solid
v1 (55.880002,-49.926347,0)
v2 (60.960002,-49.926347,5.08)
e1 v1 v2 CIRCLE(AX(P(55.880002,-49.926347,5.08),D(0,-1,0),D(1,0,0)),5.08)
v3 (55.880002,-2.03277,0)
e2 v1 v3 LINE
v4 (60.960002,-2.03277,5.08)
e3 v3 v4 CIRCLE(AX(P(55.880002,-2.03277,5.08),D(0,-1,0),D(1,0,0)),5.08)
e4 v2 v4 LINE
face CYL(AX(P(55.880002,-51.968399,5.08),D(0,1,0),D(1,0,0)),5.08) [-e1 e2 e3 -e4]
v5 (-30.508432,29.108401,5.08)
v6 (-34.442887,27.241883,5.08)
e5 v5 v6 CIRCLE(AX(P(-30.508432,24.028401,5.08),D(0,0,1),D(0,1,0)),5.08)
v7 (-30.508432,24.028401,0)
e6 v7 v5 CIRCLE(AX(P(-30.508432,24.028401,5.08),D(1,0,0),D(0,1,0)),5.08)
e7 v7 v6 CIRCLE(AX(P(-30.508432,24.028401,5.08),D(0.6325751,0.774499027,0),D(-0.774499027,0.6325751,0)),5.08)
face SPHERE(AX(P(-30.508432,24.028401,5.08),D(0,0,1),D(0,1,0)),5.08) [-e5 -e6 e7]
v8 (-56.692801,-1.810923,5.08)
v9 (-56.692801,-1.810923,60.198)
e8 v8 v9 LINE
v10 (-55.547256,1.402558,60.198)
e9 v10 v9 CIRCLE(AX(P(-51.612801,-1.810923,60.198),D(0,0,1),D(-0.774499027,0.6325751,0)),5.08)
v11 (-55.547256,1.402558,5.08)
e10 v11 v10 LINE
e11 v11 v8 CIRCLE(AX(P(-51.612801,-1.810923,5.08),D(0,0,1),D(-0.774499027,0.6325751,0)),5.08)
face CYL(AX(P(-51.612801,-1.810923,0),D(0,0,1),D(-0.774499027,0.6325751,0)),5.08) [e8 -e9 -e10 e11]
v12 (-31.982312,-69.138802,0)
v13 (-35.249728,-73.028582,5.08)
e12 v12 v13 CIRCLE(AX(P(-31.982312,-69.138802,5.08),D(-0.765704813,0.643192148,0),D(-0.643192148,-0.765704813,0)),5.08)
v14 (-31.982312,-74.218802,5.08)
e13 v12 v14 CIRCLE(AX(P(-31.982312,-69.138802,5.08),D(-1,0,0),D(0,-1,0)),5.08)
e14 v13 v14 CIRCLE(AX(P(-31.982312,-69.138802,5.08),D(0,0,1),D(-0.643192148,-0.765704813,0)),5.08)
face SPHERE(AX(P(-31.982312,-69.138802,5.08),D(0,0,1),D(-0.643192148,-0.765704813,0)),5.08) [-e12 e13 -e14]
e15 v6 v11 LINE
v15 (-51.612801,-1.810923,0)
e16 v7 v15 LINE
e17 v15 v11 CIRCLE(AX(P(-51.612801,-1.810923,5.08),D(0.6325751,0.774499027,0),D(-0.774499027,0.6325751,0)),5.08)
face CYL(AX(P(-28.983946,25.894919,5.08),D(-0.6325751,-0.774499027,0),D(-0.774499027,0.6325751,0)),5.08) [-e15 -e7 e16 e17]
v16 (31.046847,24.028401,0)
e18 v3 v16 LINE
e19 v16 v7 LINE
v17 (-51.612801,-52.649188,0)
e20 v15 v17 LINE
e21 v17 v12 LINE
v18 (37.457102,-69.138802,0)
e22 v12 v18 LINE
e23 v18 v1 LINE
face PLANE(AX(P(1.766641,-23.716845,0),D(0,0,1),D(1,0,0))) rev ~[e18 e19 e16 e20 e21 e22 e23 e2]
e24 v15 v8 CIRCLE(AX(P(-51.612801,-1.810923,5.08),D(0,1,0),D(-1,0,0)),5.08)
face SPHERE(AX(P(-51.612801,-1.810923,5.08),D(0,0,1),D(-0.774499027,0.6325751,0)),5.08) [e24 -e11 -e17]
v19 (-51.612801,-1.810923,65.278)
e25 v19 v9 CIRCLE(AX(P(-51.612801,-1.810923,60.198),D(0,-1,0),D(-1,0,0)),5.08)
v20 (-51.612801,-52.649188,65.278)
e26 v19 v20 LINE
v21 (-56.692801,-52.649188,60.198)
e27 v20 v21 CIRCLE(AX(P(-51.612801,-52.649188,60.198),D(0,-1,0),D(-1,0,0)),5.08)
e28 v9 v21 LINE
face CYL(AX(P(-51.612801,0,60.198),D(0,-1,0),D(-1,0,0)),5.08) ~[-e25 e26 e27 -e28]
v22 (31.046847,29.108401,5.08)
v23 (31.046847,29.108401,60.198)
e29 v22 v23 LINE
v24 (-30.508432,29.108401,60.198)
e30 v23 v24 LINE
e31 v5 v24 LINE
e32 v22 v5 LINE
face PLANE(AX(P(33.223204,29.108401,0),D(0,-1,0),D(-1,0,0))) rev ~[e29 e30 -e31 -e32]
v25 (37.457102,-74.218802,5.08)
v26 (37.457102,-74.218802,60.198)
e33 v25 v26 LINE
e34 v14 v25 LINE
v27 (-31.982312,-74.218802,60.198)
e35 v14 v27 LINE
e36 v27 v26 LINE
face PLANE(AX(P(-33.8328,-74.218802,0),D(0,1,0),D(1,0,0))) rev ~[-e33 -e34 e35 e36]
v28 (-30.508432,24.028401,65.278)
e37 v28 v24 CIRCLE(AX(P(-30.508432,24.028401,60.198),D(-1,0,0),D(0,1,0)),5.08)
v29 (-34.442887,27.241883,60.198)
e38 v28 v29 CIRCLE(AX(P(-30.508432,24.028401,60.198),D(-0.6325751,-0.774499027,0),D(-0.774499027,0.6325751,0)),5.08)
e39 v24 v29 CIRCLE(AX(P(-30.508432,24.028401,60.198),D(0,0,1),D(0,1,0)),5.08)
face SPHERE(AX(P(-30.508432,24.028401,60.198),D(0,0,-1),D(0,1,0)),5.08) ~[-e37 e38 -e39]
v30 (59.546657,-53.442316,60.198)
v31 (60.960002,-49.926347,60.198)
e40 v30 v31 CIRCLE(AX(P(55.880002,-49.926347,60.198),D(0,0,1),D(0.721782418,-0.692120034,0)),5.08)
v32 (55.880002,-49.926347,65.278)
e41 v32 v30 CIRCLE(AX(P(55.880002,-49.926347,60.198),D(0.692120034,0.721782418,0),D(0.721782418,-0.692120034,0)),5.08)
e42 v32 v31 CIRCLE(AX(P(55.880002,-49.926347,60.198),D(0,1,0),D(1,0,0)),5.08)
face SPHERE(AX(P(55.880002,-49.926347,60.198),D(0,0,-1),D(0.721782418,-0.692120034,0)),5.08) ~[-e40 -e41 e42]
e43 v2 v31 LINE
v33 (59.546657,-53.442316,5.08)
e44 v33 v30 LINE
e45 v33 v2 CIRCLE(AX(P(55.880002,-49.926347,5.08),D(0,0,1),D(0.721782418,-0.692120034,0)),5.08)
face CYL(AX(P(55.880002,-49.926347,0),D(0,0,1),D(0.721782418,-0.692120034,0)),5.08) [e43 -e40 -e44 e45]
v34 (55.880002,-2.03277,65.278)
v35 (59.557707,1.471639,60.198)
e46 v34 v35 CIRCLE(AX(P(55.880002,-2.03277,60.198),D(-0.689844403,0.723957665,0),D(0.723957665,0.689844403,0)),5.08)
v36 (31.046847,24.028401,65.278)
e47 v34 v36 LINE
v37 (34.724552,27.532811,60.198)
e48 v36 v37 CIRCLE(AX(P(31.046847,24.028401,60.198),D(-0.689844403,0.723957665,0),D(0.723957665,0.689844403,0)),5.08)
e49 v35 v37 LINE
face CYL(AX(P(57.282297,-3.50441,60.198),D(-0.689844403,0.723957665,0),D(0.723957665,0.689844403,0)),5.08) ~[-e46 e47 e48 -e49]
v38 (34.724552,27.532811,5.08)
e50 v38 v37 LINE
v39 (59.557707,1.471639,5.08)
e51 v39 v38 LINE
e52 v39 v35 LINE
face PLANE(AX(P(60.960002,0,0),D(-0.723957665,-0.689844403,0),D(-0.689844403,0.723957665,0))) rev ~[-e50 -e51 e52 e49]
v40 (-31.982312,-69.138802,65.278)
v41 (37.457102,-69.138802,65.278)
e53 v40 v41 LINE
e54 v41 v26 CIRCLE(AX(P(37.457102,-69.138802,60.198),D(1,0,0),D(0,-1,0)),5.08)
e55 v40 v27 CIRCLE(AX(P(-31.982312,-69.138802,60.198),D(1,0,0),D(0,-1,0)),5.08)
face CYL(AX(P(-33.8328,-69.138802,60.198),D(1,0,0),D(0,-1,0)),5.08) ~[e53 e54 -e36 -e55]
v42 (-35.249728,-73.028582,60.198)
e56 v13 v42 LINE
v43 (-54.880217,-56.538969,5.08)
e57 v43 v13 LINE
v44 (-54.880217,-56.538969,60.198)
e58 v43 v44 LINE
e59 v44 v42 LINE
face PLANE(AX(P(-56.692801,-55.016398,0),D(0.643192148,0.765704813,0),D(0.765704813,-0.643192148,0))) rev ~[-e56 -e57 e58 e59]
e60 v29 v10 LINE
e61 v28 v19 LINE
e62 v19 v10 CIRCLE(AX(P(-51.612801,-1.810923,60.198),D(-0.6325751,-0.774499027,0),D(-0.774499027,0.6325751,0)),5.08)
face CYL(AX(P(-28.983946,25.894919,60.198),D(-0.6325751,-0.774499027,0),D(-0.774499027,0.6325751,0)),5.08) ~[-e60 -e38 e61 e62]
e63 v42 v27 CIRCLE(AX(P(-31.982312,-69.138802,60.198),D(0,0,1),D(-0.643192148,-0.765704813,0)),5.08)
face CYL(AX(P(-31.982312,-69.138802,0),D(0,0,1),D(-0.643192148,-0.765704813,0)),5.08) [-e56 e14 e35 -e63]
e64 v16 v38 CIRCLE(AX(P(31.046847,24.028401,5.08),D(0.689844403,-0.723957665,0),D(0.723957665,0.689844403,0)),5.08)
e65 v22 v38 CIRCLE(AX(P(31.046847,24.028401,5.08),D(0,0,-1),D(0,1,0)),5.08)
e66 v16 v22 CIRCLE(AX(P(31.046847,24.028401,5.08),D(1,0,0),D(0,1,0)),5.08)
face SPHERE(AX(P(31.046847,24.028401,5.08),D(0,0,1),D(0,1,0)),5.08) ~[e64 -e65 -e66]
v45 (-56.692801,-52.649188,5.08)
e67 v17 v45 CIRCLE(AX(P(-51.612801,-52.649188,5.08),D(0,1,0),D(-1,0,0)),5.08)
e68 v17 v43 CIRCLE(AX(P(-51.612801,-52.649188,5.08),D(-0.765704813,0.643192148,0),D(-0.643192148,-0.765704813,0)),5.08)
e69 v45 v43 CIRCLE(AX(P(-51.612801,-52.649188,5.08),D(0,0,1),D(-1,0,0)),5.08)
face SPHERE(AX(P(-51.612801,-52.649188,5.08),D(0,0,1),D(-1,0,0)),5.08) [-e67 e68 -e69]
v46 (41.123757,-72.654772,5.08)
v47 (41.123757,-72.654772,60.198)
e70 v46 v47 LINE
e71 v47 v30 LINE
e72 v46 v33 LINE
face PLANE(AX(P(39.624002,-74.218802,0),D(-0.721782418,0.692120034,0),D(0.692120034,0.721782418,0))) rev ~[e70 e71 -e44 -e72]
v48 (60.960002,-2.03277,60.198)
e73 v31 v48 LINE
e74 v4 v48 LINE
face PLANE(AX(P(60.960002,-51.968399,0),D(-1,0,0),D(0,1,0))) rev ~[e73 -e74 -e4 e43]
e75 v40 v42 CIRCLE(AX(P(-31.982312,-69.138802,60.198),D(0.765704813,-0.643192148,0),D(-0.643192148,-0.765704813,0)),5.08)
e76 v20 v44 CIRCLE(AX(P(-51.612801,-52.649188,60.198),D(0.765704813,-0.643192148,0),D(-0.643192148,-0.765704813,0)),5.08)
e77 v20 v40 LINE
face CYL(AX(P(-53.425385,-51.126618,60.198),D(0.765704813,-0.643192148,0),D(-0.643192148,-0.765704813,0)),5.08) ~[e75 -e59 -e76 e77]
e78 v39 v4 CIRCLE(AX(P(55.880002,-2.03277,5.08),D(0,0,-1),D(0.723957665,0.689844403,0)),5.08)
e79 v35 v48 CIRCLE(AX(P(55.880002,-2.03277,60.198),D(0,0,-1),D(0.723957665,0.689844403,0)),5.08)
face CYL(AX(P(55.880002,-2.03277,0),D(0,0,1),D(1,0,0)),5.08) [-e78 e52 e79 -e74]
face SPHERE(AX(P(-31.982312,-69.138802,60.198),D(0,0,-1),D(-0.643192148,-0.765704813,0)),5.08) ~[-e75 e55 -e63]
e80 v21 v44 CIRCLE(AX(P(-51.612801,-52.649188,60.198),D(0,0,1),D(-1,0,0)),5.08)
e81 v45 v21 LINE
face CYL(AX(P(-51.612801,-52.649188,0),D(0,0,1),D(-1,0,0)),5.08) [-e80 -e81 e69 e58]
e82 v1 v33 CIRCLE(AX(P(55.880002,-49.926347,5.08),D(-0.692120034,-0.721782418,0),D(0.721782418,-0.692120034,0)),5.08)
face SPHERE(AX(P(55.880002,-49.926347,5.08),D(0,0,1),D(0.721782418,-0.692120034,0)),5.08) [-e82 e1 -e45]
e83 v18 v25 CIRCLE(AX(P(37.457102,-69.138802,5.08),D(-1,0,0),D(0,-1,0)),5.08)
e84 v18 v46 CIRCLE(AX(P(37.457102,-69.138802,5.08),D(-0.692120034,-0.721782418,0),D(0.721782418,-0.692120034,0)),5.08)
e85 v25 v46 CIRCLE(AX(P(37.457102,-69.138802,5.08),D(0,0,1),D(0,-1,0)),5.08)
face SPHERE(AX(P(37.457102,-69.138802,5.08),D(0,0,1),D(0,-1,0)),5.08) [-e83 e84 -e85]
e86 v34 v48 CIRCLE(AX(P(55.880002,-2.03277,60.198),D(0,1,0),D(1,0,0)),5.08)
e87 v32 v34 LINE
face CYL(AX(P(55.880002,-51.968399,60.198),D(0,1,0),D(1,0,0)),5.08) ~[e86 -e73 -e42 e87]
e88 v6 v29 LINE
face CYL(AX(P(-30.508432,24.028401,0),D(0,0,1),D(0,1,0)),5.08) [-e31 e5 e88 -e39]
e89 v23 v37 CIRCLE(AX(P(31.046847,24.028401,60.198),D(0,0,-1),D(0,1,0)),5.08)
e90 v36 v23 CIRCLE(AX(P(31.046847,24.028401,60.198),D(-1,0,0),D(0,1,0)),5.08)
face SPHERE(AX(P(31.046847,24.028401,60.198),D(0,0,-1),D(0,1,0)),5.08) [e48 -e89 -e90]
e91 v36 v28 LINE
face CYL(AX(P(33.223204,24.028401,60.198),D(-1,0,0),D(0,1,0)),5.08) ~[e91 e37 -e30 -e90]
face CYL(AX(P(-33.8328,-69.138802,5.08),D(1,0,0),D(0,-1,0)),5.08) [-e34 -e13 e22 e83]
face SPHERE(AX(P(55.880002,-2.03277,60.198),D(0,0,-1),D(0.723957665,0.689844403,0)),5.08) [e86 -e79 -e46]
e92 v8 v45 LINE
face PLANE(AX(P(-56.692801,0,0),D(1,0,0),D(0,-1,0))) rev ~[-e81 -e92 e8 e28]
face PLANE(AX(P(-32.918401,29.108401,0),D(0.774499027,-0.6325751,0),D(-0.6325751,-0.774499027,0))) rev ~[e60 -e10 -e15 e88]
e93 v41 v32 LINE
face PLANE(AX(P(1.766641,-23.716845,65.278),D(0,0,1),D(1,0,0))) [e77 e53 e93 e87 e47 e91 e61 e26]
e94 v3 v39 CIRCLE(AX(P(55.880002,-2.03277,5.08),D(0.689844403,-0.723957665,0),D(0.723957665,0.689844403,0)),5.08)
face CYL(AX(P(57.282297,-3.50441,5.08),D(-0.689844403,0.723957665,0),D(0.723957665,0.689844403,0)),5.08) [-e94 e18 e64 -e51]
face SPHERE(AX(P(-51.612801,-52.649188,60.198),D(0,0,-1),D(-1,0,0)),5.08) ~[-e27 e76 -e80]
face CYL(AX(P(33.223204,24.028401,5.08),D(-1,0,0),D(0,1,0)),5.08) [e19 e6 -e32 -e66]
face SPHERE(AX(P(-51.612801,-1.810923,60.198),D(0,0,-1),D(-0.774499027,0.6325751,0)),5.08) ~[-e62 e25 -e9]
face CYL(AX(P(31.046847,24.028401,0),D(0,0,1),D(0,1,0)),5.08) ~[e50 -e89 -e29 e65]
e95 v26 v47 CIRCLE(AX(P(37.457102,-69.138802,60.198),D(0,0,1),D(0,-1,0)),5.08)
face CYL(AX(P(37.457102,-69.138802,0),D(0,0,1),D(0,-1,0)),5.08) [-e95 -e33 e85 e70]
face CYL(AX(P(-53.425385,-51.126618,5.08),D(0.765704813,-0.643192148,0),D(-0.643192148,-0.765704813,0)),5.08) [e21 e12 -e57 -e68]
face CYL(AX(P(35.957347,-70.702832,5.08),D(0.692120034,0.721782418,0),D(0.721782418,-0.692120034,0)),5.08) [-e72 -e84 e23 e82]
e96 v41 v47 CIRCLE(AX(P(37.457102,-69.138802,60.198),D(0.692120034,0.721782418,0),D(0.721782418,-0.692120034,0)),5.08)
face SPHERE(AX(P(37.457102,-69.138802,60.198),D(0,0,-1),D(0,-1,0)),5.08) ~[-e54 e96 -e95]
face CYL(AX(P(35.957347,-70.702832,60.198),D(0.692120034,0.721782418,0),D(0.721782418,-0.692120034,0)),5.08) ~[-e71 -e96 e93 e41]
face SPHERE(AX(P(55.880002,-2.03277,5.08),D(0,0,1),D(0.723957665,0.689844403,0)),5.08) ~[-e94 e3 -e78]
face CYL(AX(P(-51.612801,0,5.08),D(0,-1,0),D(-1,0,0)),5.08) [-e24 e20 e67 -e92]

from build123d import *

# Parameters (mm, degrees)
F1_DEPTH = 65.278
F2_R     = 5.08


with BuildPart() as f1:
    # F0 (on Top) → F1 (new body)
    with BuildSketch(Plane.XY):
        Polygon((33.223204, 29.108401), (-32.918401, 29.108401), (-56.692801, 0), (-56.692801, -55.016398), (-33.8328, -74.218802), (39.624002, -74.218802), (60.960002, -51.968399), (60.960002, 0), align=None)
    extrude(amount=F1_DEPTH)

    # F2
    f2_edges = [f1.edges().sort_by_distance(p)[0] for p in [
        (33.223204, 29.108401, 32.639),
        (-32.918401, 29.108401, 32.639),
        (0.152402, 29.108401, 0),
        (0.152402, 29.108401, 65.278),
        (60.960002, 0, 32.639),
        (47.091603, 14.554201, 0),
        (47.091603, 14.554201, 65.278),
        (-56.692801, 0, 32.639),
        (-44.805601, 14.554201, 0),
        (-44.805601, 14.554201, 65.278),
        (-56.692801, -55.016398, 32.639),
        (-56.692801, -27.508199, 0),
        (-56.692801, -27.508199, 65.278),
        (-33.8328, -74.218802, 32.639),
        (-45.262801, -64.6176, 0),
        (-45.262801, -64.6176, 65.278),
        (39.624002, -74.218802, 32.639),
        (2.895601, -74.218802, 0),
        (2.895601, -74.218802, 65.278),
        (60.960002, -51.968399, 32.639),
        (50.292002, -63.093601, 0),
        (50.292002, -63.093601, 65.278),
        (60.960002, -25.9842, 0),
        (60.960002, -25.9842, 65.278),
    ]]
    fillet(f2_edges, radius=F2_R)


solid = f1.part
